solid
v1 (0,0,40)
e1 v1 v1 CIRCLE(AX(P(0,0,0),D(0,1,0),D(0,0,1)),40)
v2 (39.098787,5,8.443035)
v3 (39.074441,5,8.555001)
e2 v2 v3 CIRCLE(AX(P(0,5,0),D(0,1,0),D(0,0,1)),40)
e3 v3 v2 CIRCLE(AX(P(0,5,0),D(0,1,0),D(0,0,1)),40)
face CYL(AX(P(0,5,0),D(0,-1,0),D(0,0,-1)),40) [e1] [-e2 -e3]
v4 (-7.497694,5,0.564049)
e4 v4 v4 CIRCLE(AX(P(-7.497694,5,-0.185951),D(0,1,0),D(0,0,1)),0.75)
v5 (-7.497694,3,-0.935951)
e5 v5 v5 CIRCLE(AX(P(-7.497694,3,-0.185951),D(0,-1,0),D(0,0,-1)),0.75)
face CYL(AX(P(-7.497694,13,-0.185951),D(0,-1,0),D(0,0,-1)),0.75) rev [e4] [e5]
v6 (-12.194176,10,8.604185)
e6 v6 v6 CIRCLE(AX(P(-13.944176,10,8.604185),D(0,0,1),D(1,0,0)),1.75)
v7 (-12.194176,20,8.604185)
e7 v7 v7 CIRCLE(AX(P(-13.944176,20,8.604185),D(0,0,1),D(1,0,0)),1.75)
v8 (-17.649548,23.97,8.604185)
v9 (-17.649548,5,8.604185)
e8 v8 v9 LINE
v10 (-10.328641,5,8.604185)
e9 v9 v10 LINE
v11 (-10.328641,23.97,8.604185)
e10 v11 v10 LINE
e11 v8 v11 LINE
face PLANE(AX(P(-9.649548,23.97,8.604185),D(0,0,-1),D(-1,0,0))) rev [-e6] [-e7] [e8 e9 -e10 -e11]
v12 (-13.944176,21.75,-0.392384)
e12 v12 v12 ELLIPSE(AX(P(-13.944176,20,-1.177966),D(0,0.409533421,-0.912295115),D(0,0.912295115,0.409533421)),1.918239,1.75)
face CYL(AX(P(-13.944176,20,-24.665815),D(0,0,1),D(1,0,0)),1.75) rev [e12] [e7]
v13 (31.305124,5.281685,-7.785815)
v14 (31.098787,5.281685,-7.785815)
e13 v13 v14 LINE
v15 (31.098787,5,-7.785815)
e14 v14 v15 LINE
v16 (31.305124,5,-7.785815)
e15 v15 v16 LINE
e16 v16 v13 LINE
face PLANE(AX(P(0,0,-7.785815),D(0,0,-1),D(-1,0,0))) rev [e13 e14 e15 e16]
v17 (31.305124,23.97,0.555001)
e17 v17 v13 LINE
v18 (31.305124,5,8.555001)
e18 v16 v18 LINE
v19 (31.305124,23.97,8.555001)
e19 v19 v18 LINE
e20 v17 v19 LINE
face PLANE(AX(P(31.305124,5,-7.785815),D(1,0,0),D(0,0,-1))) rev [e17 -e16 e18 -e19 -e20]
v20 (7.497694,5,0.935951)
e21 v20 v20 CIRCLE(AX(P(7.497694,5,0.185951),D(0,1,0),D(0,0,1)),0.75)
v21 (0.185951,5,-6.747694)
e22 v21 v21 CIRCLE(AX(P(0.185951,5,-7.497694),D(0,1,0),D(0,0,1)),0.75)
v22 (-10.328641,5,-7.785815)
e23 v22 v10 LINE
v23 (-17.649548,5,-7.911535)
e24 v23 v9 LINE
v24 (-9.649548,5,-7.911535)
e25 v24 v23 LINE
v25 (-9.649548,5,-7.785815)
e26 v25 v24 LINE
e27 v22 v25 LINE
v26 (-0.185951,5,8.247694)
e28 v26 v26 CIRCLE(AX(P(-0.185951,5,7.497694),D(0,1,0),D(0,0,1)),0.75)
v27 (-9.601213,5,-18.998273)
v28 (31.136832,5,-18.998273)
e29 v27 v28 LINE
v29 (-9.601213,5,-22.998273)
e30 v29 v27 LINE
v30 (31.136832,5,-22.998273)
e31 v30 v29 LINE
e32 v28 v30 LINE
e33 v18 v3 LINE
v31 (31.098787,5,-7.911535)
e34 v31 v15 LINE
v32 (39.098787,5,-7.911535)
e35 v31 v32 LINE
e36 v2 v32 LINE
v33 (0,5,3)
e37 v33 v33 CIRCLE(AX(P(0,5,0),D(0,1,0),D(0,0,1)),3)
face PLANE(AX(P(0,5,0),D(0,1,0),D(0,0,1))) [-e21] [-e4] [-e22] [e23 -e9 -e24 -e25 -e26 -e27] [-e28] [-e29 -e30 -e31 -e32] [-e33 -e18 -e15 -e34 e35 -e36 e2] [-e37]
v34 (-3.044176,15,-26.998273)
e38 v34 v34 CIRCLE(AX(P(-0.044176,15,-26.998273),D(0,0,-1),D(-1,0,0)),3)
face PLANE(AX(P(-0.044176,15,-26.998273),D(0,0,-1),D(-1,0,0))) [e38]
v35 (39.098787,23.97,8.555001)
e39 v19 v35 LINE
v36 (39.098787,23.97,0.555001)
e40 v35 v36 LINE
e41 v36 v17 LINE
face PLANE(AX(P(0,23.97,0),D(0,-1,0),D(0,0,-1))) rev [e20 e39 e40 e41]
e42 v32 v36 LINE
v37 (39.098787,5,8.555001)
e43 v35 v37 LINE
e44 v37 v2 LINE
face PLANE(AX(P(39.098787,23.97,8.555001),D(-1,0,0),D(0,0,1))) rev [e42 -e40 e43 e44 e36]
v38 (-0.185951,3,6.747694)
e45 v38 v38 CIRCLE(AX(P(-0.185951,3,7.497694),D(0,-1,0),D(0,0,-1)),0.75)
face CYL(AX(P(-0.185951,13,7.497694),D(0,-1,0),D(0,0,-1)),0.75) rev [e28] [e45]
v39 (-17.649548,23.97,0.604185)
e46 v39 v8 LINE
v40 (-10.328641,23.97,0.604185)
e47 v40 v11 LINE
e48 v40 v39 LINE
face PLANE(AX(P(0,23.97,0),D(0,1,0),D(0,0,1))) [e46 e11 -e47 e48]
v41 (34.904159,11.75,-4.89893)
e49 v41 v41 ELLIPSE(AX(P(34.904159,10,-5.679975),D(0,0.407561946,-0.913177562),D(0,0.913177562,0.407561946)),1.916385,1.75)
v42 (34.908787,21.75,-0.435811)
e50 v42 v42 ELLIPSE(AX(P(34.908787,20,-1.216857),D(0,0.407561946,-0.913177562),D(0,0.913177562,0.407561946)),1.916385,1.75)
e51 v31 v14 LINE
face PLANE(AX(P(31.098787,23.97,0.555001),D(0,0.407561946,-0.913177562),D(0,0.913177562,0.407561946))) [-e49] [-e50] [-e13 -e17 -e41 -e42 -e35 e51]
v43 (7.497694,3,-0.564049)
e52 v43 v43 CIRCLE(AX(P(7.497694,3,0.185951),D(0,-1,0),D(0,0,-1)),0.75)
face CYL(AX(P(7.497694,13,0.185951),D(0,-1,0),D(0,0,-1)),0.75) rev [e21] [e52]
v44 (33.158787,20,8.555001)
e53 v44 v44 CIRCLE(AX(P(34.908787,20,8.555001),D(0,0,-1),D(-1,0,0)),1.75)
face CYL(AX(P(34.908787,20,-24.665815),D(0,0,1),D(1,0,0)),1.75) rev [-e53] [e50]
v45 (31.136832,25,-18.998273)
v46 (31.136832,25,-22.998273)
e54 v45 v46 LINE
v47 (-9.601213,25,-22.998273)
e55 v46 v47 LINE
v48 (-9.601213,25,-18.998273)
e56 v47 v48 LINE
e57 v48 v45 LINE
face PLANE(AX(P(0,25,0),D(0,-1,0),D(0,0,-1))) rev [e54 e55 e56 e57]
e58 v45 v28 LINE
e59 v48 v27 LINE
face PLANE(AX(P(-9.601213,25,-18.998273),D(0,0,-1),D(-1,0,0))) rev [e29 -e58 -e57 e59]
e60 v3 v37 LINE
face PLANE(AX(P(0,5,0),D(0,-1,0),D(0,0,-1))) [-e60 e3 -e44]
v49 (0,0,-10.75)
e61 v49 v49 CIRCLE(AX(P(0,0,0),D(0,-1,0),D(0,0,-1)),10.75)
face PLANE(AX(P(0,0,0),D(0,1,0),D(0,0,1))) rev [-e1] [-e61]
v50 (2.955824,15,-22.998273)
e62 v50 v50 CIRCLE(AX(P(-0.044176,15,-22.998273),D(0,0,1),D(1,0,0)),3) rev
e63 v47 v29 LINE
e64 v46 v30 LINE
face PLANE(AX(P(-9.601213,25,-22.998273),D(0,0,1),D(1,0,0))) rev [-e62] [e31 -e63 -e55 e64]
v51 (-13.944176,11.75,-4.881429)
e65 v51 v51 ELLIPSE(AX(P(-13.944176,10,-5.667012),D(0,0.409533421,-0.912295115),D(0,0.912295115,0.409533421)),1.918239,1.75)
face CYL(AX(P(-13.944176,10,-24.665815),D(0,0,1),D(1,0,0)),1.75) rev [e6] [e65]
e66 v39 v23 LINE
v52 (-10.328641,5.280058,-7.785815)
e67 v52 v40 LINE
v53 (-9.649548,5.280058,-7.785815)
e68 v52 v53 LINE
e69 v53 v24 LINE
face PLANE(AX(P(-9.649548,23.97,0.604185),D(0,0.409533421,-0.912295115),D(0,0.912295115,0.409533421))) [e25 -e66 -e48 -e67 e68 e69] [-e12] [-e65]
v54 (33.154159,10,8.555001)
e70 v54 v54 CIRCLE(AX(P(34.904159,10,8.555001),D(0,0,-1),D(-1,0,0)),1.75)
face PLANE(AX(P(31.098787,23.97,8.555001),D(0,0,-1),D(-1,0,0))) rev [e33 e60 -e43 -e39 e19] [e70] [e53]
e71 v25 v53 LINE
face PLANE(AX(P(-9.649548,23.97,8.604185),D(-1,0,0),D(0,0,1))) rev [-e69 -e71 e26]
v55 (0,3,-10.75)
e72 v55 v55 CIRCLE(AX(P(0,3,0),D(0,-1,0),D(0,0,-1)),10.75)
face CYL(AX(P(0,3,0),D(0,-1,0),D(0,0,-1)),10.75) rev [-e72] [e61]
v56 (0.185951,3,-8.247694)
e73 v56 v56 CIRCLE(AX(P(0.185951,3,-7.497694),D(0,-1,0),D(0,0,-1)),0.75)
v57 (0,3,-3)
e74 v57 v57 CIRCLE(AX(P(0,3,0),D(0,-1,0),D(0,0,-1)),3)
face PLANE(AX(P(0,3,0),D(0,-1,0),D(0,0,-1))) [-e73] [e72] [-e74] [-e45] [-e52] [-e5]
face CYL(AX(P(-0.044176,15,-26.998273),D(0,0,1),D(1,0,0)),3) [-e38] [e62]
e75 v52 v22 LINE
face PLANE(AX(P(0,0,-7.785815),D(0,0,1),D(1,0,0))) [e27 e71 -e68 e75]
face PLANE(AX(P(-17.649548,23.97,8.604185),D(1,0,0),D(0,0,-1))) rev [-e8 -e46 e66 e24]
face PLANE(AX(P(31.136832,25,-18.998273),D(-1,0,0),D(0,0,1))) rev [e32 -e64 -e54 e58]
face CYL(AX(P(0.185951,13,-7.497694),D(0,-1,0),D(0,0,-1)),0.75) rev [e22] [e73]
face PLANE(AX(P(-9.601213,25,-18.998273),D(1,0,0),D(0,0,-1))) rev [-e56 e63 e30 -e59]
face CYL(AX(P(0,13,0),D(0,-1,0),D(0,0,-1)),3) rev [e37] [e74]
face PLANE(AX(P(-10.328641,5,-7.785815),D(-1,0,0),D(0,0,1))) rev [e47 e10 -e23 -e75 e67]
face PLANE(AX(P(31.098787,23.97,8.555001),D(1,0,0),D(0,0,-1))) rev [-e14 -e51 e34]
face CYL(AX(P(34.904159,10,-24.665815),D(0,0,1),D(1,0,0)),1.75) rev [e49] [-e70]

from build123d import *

# Parameters (mm, degrees)
SKIZZE1_R                       = 40
AUFSATZ_LINEAR_AUSTRAGEN1_DEPTH = 5
SKIZZE2_R                       = 10.75
SCHNITT_LINEAR_AUSTRAGEN1_DEPTH = 3
SKIZZE3_R                       = 3
SKIZZE3_R_2                     = 0.75
SCHNITT_LINEAR_AUSTRAGEN2_DEPTH = 13
SKIZZE4_W                       = 8
SKIZZE4_H                       = 8
AUFSATZ_LINEAR_AUSTRAGEN2_DEPTH = 18.97
AUFSATZ_LINEAR_AUSTRAGEN3_DEPTH = 8
AUFSATZ_LINEAR_AUSTRAGEN4_DEPTH = 8
SKIZZE7_R                       = 1.75
SCHNITT_LINEAR_AUSTRAGEN3_DEPTH = 33.27
SKIZZE9_W                       = 40.738044429
SKIZZE9_H                       = 4
AUFSATZ_LINEAR_AUSTRAGEN5_DEPTH = 20
SKIZZE10_R                      = 3
AUFSATZ_LINEAR_AUSTRAGEN6_DEPTH = 4
SKIZZE11_W                      = 0.727428481
SKIZZE11_H                      = 19.15
SKIZZE11_W_2                    = 0.206337284
SCHNITT_LINEAR_AUSTRAGEN4_DEPTH = 16.39


with BuildPart() as part:
    # Skizze1 → Aufsatz-Linear austragen1 (new body)
    with BuildSketch(Plane(origin=(0, 0, 0), x_dir=(1, 0, 0), z_dir=(0, 1, 0))):
        with Locations(Location((0, 0, 0), (0, 0, 270))):
            Circle(SKIZZE1_R)
    extrude(amount=AUFSATZ_LINEAR_AUSTRAGEN1_DEPTH)

    # Skizze2 → Schnitt-Linear austragen1 (cut)
    with BuildSketch(Plane.XZ):
        with Locations(Location((0, 0, 0), (0, 0, 270))):
            Circle(SKIZZE2_R)
    extrude(amount=-SCHNITT_LINEAR_AUSTRAGEN1_DEPTH, mode=Mode.SUBTRACT)

    # Skizze3 → Schnitt-Linear austragen2 (cut)
    with BuildSketch(Plane.XZ):
        with Locations(Location((0, 0, 0), (0, 0, 270))):
            Circle(SKIZZE3_R)
        with Locations(Location((-0.185951444, 7.49769445, 0), (0, 0, 270))):
            Circle(SKIZZE3_R_2)
        with Locations(Location((7.49769445, 0.185951444, 0), (0, 0, 270))):
            Circle(SKIZZE3_R_2)
        with Locations(Location((0.185951444, -7.49769445, 0), (0, 0, 270))):
            Circle(SKIZZE3_R_2)
        with Locations(Location((-7.49769445, -0.185951444, 0), (0, 0, 270))):
            Circle(SKIZZE3_R_2)
    extrude(amount=-SCHNITT_LINEAR_AUSTRAGEN2_DEPTH, mode=Mode.SUBTRACT)

    # Skizze4 → Aufsatz-Linear austragen2 (add)
    with BuildSketch(Plane(origin=(0, 5, 0), x_dir=(1, 0, 0), z_dir=(0, 1, 0))):
        with Locations((-13.649547585, -4.604184577)):
            Rectangle(SKIZZE4_W, SKIZZE4_H)
        with Locations((35.098787181, -4.555000776)):
            Rectangle(SKIZZE4_W, SKIZZE4_H)
    extrude(amount=AUFSATZ_LINEAR_AUSTRAGEN2_DEPTH)

    # Skizze5 → Aufsatz-Linear austragen3 (add)
    with BuildSketch(Plane(origin=(39.098787181, 0, 0), x_dir=(0, 0, -1), z_dir=(1, 0, 0))):
        Polygon((-0.555000776, 23.97), (7.911534589, 5), (-0.555000776, 5), align=None)
    extrude(amount=-AUFSATZ_LINEAR_AUSTRAGEN3_DEPTH)

    # Skizze6 → Aufsatz-Linear austragen4 (add)
    with BuildSketch(Plane.ZY.offset(17.649547585)):
        Polygon((0.604184577, 23.97), (-7.911534589, 5), (0.604184577, 5), align=None)
    extrude(amount=-AUFSATZ_LINEAR_AUSTRAGEN4_DEPTH)

    # Skizze7 → Schnitt-Linear austragen3 (cut)
    with BuildSketch(Plane.XY.offset(8.604184577)):
        with Locations((-13.944175516, 20)):
            Circle(SKIZZE7_R)
        with Locations((-13.944175516, 10)):
            Circle(SKIZZE7_R)
        with Locations(Location((34.90415925, 10, 0), (0, 0, 90))):
            Circle(SKIZZE7_R)
        with Locations(Location((34.908787181, 20, 0), (0, 0, 90))):
            Circle(SKIZZE7_R)
    extrude(amount=-SCHNITT_LINEAR_AUSTRAGEN3_DEPTH, mode=Mode.SUBTRACT)

    # Skizze9 → Aufsatz-Linear austragen5 (add)
    with BuildSketch(Plane(origin=(0, 5, 0), x_dir=(1, 0, 0), z_dir=(0, 1, 0))):
        with Locations((10.767809396, 20.99827279)):
            Rectangle(SKIZZE9_W, SKIZZE9_H)
    extrude(amount=AUFSATZ_LINEAR_AUSTRAGEN5_DEPTH)

    # Skizze10 → Aufsatz-Linear austragen6 (add)
    with BuildSketch(Plane(origin=(0, 0, -22.99827279), x_dir=(-1, 0, 0), z_dir=(0, 0, -1))):
        with Locations(Location((0.044175516, 15, 0), (0, 0, 180))):
            Circle(SKIZZE10_R)
    extrude(amount=AUFSATZ_LINEAR_AUSTRAGEN6_DEPTH)

    # Skizze11 → Schnitt-Linear austragen4 (cut)
    with BuildSketch(Plane.XY.offset(8.604184577)):
        with Locations((-9.96492706, 14.575)):
            Rectangle(SKIZZE11_W, SKIZZE11_H)
        with Locations((31.201955823, 14.575)):
            Rectangle(SKIZZE11_W_2, SKIZZE11_H)
    extrude(amount=-SCHNITT_LINEAR_AUSTRAGEN4_DEPTH, mode=Mode.SUBTRACT)


solid = part.part
